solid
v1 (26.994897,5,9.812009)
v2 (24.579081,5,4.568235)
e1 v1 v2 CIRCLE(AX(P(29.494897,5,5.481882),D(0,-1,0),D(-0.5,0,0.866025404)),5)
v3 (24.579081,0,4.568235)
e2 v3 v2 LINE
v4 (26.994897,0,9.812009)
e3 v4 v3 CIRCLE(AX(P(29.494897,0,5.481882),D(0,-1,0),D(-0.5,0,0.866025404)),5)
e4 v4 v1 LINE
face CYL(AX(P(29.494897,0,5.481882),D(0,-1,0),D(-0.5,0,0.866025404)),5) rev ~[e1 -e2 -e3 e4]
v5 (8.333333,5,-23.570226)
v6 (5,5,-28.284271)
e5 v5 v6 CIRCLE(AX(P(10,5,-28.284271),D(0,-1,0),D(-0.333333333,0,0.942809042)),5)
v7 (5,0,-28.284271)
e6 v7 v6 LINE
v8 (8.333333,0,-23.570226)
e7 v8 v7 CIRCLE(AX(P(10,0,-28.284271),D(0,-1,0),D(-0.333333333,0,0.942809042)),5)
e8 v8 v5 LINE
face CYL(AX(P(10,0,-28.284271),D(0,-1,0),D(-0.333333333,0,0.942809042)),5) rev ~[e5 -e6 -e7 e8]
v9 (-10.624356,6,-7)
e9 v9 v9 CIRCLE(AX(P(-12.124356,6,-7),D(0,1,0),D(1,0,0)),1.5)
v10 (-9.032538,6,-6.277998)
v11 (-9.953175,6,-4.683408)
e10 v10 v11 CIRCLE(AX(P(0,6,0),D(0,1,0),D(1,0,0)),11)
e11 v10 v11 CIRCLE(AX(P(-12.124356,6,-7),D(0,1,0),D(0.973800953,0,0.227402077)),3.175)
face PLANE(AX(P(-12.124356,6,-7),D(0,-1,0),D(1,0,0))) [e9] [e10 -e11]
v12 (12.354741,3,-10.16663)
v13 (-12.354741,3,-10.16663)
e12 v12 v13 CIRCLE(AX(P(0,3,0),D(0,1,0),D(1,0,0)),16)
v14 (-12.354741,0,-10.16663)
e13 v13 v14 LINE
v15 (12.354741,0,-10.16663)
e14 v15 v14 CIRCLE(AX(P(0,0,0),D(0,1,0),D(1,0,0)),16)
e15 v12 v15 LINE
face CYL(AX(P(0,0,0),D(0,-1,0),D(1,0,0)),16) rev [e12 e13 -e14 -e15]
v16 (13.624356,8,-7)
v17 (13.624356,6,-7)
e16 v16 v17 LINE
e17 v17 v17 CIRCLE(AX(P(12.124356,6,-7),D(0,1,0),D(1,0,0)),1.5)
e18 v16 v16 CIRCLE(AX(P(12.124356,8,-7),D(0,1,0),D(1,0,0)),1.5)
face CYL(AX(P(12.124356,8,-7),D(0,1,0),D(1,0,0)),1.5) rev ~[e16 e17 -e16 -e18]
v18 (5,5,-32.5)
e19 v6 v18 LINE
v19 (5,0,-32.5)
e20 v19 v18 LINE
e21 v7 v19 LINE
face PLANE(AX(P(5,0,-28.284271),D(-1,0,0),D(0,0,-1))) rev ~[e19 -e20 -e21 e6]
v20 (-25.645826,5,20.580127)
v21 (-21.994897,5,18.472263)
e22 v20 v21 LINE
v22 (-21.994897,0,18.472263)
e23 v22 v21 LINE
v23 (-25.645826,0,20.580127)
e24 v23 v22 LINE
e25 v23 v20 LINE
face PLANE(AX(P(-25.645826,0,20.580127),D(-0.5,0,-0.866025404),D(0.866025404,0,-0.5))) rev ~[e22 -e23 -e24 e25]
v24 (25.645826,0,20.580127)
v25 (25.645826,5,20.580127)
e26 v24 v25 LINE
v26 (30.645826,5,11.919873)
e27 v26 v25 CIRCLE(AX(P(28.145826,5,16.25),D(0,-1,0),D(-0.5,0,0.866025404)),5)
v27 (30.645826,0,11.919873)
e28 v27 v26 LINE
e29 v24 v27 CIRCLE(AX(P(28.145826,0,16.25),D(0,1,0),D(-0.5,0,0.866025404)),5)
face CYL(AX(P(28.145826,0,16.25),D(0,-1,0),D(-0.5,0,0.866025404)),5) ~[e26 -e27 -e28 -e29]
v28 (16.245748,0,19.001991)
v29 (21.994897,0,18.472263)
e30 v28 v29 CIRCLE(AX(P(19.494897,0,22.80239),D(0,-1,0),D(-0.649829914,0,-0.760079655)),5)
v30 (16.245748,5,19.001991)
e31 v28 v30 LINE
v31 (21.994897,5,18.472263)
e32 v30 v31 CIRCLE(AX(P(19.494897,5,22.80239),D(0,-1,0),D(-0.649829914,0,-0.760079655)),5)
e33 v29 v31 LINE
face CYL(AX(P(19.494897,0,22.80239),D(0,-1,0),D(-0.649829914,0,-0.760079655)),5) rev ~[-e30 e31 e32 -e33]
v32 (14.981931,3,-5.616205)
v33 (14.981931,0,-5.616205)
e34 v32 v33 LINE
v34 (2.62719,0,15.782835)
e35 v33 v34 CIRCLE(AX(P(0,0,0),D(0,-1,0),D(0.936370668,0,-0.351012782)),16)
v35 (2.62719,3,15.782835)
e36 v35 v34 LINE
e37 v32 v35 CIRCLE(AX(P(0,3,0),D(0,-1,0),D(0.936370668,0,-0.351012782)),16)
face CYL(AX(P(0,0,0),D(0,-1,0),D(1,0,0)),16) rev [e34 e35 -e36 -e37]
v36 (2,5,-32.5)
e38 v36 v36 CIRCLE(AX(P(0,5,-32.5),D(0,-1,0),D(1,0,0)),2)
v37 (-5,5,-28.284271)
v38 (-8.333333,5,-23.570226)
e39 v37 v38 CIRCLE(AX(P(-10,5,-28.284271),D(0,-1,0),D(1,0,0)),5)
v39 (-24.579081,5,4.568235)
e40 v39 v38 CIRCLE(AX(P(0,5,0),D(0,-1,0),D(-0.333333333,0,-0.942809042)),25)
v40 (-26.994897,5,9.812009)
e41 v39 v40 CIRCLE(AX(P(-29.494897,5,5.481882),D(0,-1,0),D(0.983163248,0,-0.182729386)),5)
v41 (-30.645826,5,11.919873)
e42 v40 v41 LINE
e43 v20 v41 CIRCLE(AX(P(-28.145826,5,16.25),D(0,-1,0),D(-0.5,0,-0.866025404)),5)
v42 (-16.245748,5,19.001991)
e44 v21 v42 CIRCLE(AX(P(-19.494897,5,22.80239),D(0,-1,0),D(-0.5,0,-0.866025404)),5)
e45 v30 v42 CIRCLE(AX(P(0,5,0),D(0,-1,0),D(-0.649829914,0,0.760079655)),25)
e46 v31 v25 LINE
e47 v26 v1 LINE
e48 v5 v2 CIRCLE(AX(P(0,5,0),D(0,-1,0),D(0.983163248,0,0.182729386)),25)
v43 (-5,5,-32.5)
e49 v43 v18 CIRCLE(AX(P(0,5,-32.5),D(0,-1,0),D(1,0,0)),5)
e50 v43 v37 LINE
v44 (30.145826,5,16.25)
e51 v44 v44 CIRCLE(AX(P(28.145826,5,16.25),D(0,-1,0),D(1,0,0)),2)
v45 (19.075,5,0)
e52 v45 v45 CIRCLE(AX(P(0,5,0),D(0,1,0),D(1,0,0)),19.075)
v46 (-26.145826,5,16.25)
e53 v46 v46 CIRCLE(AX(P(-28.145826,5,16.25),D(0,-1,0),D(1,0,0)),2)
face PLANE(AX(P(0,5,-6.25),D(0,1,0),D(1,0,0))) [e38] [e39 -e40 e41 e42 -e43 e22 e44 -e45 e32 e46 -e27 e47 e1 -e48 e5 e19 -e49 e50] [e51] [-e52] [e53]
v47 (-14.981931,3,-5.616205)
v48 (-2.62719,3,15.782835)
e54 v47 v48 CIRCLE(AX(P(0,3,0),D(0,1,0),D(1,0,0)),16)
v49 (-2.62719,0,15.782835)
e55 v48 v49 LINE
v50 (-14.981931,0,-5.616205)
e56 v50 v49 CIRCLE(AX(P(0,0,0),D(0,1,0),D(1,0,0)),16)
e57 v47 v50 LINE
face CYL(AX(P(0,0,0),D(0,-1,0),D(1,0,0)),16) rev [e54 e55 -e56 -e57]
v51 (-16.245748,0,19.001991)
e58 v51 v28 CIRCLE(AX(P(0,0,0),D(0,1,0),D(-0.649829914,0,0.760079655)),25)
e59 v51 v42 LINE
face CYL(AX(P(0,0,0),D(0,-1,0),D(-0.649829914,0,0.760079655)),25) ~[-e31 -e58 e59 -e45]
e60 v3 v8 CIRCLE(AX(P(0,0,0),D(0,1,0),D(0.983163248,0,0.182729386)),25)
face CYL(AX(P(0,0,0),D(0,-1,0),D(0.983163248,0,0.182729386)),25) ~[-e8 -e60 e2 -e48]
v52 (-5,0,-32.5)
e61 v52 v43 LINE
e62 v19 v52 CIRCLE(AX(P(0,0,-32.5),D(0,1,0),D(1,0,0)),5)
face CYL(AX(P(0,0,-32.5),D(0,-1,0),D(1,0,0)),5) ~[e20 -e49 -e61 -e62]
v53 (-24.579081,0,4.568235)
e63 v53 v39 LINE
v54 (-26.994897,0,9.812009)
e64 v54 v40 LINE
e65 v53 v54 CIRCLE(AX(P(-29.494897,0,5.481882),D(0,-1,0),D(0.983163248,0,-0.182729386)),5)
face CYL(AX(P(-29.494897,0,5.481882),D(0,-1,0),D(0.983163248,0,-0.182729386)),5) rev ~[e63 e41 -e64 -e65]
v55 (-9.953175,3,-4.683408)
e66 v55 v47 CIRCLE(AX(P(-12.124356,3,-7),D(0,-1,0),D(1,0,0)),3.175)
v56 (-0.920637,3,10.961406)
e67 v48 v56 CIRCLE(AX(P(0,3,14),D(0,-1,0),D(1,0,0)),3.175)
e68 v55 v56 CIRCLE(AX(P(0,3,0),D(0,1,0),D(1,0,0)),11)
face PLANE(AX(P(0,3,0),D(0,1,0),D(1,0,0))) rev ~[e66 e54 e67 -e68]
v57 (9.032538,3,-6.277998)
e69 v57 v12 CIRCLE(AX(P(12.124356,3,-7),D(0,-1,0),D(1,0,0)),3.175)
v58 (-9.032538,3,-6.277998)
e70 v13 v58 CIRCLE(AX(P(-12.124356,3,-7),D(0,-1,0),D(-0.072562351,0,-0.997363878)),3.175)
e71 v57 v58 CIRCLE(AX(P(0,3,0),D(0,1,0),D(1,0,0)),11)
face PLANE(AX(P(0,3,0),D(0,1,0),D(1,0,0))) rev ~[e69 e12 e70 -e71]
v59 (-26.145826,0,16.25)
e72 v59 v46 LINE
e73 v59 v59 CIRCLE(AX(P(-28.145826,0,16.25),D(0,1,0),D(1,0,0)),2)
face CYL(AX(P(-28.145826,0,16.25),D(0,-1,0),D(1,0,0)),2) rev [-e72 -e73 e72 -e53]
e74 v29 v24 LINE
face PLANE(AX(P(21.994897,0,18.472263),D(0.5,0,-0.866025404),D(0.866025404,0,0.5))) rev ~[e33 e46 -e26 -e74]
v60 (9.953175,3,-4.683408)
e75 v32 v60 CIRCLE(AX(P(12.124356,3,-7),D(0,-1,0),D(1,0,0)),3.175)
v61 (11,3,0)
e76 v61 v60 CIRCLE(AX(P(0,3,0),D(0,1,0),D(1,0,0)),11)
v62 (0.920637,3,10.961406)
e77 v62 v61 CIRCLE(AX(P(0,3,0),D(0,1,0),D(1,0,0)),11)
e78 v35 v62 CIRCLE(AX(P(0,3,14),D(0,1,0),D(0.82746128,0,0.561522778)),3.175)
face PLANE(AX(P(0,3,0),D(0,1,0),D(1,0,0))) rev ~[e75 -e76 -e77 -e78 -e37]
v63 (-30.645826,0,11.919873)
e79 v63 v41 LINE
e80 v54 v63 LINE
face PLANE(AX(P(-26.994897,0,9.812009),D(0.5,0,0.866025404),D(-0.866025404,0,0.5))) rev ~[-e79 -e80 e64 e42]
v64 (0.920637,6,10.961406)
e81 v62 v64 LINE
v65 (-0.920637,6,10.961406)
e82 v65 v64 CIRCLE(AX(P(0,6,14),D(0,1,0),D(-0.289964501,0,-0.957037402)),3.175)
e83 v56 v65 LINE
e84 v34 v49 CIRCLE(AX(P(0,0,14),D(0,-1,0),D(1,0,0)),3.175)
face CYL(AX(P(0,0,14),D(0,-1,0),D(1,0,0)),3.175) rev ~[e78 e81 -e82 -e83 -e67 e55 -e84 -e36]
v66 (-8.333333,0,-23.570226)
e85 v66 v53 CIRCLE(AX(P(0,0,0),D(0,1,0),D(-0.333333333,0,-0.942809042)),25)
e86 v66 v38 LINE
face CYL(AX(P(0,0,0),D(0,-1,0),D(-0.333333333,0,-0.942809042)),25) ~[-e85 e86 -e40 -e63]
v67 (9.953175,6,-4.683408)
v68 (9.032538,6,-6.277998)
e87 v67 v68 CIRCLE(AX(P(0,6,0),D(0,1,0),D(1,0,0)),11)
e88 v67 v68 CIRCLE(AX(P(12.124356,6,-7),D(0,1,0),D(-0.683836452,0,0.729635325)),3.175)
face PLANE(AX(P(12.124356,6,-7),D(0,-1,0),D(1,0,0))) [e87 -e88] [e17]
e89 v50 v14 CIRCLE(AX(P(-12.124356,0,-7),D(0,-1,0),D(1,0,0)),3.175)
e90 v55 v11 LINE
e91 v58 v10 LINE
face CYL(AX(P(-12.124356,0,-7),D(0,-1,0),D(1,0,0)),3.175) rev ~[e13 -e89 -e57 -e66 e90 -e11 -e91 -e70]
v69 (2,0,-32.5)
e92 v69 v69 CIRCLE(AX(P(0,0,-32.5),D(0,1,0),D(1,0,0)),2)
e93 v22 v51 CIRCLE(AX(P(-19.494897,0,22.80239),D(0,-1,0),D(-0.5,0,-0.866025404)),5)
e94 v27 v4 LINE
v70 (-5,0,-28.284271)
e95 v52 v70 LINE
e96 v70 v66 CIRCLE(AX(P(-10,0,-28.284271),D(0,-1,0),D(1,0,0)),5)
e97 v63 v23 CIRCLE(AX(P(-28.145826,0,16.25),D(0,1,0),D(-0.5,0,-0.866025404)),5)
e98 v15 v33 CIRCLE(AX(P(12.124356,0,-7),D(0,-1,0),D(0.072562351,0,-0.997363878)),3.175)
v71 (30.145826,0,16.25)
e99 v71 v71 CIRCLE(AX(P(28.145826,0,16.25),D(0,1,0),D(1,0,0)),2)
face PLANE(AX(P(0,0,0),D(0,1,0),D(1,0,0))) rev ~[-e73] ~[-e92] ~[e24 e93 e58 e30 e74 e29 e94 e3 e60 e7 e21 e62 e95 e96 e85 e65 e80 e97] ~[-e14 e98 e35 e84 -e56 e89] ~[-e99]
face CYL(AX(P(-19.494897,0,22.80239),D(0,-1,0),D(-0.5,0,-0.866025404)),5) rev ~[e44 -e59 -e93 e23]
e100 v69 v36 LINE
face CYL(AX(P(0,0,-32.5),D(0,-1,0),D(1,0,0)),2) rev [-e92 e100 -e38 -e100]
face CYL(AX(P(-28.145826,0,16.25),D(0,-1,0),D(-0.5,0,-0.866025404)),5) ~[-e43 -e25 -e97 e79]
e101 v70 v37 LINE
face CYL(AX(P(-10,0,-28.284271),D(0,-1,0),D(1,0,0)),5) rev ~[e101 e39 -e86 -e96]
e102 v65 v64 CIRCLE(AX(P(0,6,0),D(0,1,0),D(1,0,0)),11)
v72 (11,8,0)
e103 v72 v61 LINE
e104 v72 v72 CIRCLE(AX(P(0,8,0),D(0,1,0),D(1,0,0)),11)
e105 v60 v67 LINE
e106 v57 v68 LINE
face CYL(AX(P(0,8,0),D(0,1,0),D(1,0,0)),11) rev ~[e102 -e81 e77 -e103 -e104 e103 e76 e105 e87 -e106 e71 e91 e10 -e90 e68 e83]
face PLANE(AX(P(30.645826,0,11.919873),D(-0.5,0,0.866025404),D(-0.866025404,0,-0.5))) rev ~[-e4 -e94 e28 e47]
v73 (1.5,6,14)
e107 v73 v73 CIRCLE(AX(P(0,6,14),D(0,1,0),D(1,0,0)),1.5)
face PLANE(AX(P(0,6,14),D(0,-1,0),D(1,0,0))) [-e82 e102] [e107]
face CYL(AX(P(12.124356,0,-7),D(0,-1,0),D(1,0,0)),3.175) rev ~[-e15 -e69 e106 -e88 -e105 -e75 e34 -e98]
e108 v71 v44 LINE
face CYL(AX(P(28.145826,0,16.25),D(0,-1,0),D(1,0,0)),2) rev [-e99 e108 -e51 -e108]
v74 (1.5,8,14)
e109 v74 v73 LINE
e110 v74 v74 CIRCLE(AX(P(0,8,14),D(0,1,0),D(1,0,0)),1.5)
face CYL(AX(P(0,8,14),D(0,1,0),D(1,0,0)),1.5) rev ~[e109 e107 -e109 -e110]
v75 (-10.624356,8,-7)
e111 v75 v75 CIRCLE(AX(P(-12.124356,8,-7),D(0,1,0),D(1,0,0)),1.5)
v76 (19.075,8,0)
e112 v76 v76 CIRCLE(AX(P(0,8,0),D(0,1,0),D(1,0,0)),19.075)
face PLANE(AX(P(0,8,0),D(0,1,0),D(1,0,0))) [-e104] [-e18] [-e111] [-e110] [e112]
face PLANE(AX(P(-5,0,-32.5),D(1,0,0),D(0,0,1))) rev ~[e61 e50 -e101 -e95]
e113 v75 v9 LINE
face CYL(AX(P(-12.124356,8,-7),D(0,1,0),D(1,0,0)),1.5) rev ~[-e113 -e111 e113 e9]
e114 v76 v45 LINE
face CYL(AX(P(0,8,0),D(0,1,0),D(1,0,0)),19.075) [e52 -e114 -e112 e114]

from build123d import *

# Parameters (mm, degrees)
SKETCH1_R           = 16
SKETCH1_R_2         = 2
BOSS_EXTRUDE1_DEPTH = 8
SKETCH4_R           = 16
SKETCH4_R_2         = 11
BOSS_EXTRUDE3_DEPTH = 5
SKETCH5_R           = 1.5
CUT_EXTRUDE2_DEPTH  = 9
SKETCH6_R           = 3.175
CUT_EXTRUDE3_DEPTH  = 6
SKETCH7_OUTSIDE_W   = 86.584
SKETCH7_OUTSIDE_H   = 82.792
SKETCH7_OUTSIDE_R   = 19.075
CUT_EXTRUDE4_DEPTH  = 3


with BuildPart() as part:
    # Sketch1 → Boss-Extrude1 (new body)
    with BuildSketch(Plane(origin=(0, 0, 0), x_dir=(1, 0, 0), z_dir=(0, 1, 0))):
        with BuildLine():
            Line((30.645825623, -11.919872981), (26.994897428, -9.812008605))
            ThreePointArc((26.994897428, -9.812008605), (24.953655976, -7.574039819), (24.57908119, -4.568234655))
            ThreePointArc((24.57908119, -4.568234655), (21.650635095, 12.5), (8.333333333, 23.57022604))
            ThreePointArc((8.333333333, 23.57022604), (5.917517095, 25.397519902), (5, 28.284271247))
            Line((5, 28.284271247), (5, 32.5))
            ThreePointArc((5, 32.5), (0, 37.5), (-5, 32.5))
            Line((-5, 32.5), (-5, 28.284271247))
            ThreePointArc((-5, 28.284271247), (-5.917517095, 25.397519902), (-8.333333333, 23.57022604))
            ThreePointArc((-8.333333333, 23.57022604), (-21.650635095, 12.5), (-24.57908119, -4.568234655))
            ThreePointArc((-24.57908119, -4.568234655), (-24.953655976, -7.574039819), (-26.994897428, -9.812008605))
            Line((-26.994897428, -9.812008605), (-30.645825623, -11.919872981))
            ThreePointArc((-30.645825623, -11.919872981), (-32.475952642, -18.75), (-25.645825623, -20.580127019))
            Line((-25.645825623, -20.580127019), (-21.994897428, -18.472262643))
            ThreePointArc((-21.994897428, -18.472262643), (-19.03613888, -17.823480083), (-16.245747857, -19.001991385))
            ThreePointArc((-16.245747857, -19.001991385), (0, -25), (16.245747857, -19.001991385))
            ThreePointArc((16.245747857, -19.001991385), (19.03613888, -17.823480083), (21.994897428, -18.472262643))
            Line((21.994897428, -18.472262643), (25.645825623, -20.580127019))
            ThreePointArc((25.645825623, -20.580127019), (32.475952642, -18.75), (30.645825623, -11.919872981))
        make_face()
        Circle(SKETCH1_R, mode=Mode.SUBTRACT)
        with Locations((0, 32.5)):
            Circle(SKETCH1_R_2, mode=Mode.SUBTRACT)
        with Locations((-28.145825623, -16.25)):
            Circle(SKETCH1_R_2, mode=Mode.SUBTRACT)
        with Locations((28.145825623, -16.25)):
            Circle(SKETCH1_R_2, mode=Mode.SUBTRACT)
    extrude(amount=BOSS_EXTRUDE1_DEPTH)

    # Sketch4 → Boss-Extrude3 (add)
    with BuildSketch(Plane(origin=(0, 8, 0), x_dir=(1, 0, 0), z_dir=(0, 1, 0))):
        Circle(SKETCH4_R)
        Circle(SKETCH4_R_2, mode=Mode.SUBTRACT)
    extrude(amount=-BOSS_EXTRUDE3_DEPTH)

    # Sketch5 → Cut-Extrude2 (cut, through all)
    with BuildSketch(Plane(origin=(0, 8, 0), x_dir=(1, 0, 0), z_dir=(0, 1, 0))):
        with Locations((0, -14)):
            Circle(SKETCH5_R)
        with Locations((-12.124355653, 7)):
            Circle(SKETCH5_R)
        with Locations((12.124355653, 7)):
            Circle(SKETCH5_R)
    extrude(amount=-CUT_EXTRUDE2_DEPTH, mode=Mode.SUBTRACT)

    # Sketch6 → Cut-Extrude3 (cut)
    with BuildSketch(Plane.XZ):
        with Locations((0, 14)):
            Circle(SKETCH6_R)
        with Locations((-12.124355653, -7)):
            Circle(SKETCH6_R)
        with Locations((12.124355653, -7)):
            Circle(SKETCH6_R)
    extrude(amount=-CUT_EXTRUDE3_DEPTH, mode=Mode.SUBTRACT)

    # Sketch7 outside → Cut-Extrude4 (cut)
    with BuildSketch(Plane(origin=(0, 8, 0), x_dir=(1, 0, 0), z_dir=(0, 1, 0))):
        with Locations((0, 6.25)):
            Rectangle(SKETCH7_OUTSIDE_W, SKETCH7_OUTSIDE_H)
        Circle(SKETCH7_OUTSIDE_R, mode=Mode.SUBTRACT)
    extrude(amount=-CUT_EXTRUDE4_DEPTH, mode=Mode.SUBTRACT)


solid = part.part
